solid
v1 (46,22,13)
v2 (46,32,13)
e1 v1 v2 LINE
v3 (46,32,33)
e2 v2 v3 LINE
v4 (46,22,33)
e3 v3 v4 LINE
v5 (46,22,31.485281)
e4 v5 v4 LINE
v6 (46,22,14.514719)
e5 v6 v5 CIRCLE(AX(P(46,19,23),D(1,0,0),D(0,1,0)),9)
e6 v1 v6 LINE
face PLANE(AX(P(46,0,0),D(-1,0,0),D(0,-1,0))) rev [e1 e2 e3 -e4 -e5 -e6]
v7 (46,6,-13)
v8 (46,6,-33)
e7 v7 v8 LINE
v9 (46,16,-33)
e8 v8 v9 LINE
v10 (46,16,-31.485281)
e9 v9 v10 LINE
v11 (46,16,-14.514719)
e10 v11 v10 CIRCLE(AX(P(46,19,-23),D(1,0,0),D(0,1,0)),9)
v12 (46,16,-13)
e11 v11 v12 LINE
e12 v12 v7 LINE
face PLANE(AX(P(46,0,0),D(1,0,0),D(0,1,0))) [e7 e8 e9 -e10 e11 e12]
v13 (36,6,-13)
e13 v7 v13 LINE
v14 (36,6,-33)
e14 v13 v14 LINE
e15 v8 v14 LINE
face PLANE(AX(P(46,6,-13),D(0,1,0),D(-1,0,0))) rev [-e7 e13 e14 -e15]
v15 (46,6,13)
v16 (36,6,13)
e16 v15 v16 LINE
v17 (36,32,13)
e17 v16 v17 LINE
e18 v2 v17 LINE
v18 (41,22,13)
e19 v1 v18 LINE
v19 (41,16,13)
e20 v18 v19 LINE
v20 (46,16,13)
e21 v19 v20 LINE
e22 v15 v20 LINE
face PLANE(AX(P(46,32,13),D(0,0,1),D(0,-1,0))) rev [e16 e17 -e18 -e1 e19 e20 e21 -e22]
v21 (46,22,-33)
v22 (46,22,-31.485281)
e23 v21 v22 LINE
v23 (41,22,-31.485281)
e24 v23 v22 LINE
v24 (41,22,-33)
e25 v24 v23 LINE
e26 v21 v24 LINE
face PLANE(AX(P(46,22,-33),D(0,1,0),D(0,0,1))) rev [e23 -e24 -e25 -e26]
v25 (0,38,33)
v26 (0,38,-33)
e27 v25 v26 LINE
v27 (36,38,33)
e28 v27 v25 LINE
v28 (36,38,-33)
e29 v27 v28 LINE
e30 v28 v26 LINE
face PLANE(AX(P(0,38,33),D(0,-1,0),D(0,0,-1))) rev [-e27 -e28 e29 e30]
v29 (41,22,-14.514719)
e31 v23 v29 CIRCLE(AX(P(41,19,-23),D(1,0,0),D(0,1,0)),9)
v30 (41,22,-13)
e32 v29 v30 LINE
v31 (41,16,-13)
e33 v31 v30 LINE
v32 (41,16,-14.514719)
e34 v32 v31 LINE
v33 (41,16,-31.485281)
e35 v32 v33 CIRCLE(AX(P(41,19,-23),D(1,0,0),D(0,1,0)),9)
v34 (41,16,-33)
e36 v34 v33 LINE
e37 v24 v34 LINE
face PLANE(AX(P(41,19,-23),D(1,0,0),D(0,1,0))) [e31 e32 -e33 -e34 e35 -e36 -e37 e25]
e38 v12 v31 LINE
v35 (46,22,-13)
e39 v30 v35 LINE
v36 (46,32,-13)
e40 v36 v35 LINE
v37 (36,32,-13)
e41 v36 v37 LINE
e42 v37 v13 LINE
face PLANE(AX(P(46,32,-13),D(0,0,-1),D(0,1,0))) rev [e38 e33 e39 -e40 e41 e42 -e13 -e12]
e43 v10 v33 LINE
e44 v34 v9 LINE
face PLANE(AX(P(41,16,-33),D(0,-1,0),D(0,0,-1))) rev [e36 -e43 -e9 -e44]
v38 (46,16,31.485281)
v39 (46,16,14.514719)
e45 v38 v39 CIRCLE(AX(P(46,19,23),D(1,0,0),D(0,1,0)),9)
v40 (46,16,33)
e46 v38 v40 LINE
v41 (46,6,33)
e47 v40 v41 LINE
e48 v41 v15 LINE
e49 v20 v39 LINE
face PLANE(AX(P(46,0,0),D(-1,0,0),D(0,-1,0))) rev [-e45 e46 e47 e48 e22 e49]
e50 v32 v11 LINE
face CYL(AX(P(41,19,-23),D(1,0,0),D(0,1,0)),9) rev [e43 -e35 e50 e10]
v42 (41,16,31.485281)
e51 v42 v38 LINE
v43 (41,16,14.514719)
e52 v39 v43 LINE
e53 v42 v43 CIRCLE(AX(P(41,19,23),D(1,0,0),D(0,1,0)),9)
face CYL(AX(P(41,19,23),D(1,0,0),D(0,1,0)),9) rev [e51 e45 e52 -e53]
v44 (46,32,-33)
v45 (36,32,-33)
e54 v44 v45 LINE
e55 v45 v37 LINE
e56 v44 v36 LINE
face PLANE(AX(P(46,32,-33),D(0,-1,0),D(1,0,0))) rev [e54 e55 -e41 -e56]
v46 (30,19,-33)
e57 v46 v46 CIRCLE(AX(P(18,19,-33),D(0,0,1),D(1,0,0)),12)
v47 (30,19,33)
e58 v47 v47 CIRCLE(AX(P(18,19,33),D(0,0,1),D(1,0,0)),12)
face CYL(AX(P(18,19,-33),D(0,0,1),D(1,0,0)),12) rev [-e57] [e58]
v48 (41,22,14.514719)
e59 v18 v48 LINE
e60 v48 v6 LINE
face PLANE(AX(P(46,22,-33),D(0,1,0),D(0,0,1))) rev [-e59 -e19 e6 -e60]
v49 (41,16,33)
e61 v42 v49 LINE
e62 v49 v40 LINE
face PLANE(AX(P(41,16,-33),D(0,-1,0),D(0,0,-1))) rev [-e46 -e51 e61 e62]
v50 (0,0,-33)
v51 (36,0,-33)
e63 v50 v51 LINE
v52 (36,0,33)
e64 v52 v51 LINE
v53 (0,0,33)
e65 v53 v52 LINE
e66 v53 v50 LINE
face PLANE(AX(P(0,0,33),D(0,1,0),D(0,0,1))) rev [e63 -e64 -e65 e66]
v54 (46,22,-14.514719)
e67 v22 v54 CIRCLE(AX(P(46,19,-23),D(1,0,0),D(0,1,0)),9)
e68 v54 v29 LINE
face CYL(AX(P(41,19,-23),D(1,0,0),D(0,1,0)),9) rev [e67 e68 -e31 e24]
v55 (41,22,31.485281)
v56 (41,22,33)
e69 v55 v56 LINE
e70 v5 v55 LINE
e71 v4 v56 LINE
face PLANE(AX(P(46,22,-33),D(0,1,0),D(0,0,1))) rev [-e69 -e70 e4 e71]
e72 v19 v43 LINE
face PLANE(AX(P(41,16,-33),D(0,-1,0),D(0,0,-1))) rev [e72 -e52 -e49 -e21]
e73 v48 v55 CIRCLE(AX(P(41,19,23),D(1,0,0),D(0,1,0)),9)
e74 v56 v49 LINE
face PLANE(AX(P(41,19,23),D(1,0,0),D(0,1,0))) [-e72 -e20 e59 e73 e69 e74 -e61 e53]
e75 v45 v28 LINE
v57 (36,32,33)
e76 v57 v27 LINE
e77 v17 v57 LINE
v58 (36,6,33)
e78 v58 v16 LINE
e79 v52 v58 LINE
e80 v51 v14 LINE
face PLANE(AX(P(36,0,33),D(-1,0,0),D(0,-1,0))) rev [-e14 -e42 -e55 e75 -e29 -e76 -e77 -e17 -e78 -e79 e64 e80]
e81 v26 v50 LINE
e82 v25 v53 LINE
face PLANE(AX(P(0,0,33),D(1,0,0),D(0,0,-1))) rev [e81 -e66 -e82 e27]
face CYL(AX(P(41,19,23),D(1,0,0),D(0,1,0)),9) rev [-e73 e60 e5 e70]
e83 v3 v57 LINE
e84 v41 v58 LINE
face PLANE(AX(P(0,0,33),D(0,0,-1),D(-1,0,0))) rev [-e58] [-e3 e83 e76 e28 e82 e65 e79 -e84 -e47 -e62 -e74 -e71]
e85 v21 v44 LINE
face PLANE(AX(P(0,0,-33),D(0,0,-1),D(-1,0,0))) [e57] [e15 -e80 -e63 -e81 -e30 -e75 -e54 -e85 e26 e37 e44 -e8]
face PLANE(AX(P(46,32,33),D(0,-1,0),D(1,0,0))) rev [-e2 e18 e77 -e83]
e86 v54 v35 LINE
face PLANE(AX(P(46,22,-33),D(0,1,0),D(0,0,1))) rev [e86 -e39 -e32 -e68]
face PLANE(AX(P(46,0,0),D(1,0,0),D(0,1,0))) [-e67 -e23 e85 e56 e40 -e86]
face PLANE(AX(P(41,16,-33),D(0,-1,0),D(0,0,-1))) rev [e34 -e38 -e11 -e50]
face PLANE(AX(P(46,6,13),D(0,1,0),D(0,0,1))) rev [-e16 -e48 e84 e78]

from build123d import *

# Parameters (mm, degrees)
SKETCH1_W           = 36
SKETCH1_H           = 38
BOSS_EXTRUDE1_DEPTH = 33
SKETCH2_R           = 12
CUT_EXTRUDE1_DEPTH  = 85.237758755
SKETCH3_W           = 20
SKETCH3_H           = 26
BOSS_EXTRUDE2_DEPTH = 10
SKETCH7_R           = 9
CUT_EXTRUDE4_DEPTH  = 5
CUT_EXTRUDE5_DEPTH  = 89.971905678


with BuildPart() as part:
    # Sketch1 → Boss-Extrude1 (new, symmetric)
    with BuildSketch(Plane.XY):
        with Locations((18, 19)):
            Rectangle(SKETCH1_W, SKETCH1_H)
    extrude(amount=BOSS_EXTRUDE1_DEPTH, both=True)

    # Sketch2 → Cut-Extrude1 (cut, through all)
    with BuildSketch(Plane.XY.offset(33)):
        with Locations((18, 19)):
            Circle(SKETCH2_R)
    extrude(amount=-CUT_EXTRUDE1_DEPTH, mode=Mode.SUBTRACT)

    # Sketch3 → Boss-Extrude2 (add)
    with BuildSketch(Plane(origin=(36, 0, 0), x_dir=(0, 0, -1), z_dir=(1, 0, 0))):
        with Locations((-23, 19)):
            Rectangle(SKETCH3_W, SKETCH3_H)
        with Locations((23, 19)):
            Rectangle(SKETCH3_W, SKETCH3_H)
    extrude(amount=BOSS_EXTRUDE2_DEPTH)

    # Sketch7 → Cut-Extrude4 (cut)
    with BuildSketch(Plane(origin=(46, 0, 0), x_dir=(0, 0, -1), z_dir=(1, 0, 0))):
        with Locations(Location((-23, 19, 0), (0, 0, 90))):
            Circle(SKETCH7_R)
        with Locations(Location((23, 19, 0), (0, 0, 90))):
            Circle(SKETCH7_R)
    extrude(amount=-CUT_EXTRUDE4_DEPTH, mode=Mode.SUBTRACT)

    # Sketch8 → Cut-Extrude5 (cut, through all)
    with BuildSketch(Plane.XY.offset(33)):
        Polygon((46, 19), (46, 22), (41, 22), (41, 16), (46, 16), align=None)
    extrude(amount=-CUT_EXTRUDE5_DEPTH, mode=Mode.SUBTRACT)


solid = part.part
